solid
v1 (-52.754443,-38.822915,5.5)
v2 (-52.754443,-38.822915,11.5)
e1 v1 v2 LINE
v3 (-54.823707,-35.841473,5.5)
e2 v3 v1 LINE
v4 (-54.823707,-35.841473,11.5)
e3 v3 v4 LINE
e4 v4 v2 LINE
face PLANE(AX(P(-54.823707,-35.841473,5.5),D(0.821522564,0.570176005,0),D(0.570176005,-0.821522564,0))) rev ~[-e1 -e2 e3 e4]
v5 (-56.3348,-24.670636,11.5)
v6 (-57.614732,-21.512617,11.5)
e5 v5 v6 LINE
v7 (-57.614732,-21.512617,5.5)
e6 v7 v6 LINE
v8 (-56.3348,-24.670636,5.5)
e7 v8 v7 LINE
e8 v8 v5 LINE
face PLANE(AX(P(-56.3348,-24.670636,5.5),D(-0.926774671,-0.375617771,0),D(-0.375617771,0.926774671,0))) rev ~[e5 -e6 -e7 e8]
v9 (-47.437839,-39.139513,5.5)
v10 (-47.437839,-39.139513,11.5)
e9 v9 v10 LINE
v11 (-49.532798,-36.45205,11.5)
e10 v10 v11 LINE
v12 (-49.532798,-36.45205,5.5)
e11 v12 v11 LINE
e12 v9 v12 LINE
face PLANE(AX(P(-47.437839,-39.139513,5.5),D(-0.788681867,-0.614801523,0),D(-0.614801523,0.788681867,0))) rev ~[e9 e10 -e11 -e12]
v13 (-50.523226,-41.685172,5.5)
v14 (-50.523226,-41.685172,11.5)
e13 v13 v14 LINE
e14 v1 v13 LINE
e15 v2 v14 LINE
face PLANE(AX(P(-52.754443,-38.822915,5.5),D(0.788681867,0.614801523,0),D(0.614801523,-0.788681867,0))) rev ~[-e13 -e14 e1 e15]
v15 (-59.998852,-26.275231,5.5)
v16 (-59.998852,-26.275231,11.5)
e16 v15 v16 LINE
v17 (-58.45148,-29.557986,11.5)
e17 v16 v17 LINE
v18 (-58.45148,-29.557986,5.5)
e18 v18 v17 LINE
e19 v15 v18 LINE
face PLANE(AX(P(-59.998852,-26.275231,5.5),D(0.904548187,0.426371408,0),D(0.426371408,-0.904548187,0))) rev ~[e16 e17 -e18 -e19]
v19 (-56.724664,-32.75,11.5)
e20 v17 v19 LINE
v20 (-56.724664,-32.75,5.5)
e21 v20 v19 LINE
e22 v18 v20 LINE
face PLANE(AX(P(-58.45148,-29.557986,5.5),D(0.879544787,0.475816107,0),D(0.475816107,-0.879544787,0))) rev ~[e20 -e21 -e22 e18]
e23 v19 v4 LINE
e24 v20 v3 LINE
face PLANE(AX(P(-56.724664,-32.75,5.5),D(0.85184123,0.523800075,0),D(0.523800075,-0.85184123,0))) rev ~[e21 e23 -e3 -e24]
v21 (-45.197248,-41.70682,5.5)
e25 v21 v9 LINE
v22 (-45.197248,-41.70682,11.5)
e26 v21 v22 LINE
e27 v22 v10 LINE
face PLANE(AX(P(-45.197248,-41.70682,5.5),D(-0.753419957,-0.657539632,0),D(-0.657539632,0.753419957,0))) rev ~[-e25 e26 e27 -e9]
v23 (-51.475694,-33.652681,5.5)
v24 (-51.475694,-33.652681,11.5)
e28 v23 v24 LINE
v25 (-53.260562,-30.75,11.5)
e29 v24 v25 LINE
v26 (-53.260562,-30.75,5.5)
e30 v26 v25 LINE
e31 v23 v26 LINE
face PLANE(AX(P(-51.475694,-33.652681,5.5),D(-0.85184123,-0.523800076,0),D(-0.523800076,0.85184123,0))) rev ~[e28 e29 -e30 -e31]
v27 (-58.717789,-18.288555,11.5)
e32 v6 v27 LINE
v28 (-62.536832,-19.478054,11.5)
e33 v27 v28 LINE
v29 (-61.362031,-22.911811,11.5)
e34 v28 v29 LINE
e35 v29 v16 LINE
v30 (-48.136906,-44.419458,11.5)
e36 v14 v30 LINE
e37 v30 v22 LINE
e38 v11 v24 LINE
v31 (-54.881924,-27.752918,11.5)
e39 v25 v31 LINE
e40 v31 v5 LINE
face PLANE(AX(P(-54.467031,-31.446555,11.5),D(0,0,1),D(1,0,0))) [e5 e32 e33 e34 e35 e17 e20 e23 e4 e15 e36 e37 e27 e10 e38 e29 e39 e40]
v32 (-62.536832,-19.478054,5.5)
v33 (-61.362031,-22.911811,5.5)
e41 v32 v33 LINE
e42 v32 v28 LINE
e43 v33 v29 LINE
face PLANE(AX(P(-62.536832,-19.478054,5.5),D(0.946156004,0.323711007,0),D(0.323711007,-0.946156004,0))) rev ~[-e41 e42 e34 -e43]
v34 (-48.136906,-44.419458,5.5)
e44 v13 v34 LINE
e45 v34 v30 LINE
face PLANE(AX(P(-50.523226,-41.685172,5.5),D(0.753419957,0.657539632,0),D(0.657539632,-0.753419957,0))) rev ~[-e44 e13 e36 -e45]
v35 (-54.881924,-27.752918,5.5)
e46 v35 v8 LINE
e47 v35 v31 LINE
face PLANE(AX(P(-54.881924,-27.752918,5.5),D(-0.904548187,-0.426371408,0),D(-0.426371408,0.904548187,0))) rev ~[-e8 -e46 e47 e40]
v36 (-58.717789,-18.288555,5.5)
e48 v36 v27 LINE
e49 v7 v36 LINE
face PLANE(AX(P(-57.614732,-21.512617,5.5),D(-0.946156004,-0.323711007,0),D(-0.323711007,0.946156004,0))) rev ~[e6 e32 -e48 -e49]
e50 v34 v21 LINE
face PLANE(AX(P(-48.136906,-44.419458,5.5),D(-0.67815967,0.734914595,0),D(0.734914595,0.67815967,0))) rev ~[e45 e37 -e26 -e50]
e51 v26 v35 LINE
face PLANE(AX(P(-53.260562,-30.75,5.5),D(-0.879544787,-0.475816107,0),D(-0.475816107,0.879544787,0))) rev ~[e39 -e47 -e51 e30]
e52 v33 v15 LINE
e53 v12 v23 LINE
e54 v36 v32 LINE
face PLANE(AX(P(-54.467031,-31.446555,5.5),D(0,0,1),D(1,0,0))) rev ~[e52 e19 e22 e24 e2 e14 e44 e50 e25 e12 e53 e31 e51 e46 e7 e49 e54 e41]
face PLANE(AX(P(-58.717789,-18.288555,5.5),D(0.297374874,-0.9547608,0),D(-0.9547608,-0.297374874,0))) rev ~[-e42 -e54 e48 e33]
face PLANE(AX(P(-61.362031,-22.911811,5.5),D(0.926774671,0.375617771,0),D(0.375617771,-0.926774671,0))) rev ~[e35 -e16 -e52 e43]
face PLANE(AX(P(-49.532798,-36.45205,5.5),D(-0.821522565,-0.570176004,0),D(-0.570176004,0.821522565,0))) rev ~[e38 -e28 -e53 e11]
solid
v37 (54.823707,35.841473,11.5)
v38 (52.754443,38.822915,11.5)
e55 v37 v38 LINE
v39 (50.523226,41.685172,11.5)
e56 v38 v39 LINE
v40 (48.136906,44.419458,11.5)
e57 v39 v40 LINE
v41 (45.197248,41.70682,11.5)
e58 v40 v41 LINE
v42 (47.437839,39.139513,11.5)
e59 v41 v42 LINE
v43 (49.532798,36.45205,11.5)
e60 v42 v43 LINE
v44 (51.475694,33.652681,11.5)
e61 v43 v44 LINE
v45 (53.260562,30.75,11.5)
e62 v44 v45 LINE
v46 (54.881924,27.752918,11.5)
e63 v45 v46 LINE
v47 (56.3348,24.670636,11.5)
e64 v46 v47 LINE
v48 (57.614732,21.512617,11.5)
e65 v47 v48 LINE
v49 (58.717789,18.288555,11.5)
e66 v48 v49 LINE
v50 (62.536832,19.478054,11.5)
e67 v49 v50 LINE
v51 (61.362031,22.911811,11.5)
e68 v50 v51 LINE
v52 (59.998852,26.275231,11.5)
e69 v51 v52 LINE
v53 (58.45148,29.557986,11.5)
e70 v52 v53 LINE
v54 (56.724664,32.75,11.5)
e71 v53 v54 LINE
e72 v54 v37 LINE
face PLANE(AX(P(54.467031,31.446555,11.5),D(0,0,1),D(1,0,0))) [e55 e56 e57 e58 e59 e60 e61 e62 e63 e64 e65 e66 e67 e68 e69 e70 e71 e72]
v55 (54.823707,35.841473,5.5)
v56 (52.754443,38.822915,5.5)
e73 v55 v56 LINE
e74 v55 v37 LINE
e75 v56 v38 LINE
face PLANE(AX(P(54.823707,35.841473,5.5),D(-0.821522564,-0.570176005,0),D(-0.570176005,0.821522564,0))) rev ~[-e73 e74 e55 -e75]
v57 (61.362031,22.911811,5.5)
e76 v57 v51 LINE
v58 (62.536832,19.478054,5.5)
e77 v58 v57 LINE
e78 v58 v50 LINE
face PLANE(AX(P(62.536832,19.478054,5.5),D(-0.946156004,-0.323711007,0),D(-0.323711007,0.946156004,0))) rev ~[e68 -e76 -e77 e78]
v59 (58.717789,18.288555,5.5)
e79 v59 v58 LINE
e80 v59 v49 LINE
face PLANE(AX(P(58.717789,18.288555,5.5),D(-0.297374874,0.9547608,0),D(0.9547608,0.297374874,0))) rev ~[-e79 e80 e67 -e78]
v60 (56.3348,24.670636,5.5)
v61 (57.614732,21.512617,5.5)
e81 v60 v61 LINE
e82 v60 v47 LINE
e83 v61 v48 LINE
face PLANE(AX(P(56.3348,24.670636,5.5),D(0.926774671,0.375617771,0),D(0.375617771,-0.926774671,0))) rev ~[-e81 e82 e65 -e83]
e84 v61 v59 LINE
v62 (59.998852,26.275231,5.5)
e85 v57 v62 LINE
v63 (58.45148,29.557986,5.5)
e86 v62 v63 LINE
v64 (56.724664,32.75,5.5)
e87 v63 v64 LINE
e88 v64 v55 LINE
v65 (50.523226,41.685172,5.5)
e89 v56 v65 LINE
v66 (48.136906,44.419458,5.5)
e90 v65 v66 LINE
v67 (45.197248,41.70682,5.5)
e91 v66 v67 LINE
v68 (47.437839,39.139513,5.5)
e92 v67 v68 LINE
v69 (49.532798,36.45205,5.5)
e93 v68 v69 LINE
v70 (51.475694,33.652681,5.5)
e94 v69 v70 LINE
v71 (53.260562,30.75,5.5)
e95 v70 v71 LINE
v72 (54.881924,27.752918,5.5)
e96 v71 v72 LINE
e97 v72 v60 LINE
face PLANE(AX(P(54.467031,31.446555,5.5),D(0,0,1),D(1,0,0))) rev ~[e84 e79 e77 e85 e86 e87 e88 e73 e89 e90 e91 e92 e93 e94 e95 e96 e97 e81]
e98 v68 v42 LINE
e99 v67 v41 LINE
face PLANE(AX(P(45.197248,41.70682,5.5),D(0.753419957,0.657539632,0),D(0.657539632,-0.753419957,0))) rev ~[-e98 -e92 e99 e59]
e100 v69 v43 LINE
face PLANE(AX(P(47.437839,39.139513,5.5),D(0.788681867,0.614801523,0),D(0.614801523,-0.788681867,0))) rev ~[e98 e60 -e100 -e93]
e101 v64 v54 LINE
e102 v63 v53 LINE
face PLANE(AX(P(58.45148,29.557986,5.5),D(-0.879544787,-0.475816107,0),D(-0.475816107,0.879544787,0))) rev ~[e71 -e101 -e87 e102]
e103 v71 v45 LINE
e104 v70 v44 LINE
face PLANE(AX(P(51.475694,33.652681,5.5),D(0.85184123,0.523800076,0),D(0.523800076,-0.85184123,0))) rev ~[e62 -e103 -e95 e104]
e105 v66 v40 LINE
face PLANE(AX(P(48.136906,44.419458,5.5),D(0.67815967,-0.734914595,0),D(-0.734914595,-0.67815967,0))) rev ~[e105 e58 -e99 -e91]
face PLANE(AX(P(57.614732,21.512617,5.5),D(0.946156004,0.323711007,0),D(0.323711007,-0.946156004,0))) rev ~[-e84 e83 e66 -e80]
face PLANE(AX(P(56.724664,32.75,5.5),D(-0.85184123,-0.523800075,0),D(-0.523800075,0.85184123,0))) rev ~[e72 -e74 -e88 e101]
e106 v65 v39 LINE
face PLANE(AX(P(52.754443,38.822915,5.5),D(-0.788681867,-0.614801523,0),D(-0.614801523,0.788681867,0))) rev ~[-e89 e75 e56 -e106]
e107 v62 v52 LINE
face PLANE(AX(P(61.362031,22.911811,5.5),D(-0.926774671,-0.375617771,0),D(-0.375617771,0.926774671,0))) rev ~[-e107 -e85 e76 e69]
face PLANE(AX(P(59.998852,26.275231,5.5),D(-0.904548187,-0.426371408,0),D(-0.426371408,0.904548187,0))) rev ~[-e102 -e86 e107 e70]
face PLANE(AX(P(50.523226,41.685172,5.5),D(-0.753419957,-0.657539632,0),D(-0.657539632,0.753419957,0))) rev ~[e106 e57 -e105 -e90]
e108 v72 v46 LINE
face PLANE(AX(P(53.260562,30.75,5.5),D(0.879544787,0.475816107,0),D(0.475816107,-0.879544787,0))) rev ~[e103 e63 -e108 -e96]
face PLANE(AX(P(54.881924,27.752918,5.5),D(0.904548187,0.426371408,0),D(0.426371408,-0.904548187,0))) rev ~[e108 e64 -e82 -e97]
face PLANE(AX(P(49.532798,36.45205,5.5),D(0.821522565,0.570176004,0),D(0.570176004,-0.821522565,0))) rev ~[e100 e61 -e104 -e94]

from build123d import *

# Parameters (mm, degrees)
EXTRUDE_START     = 5.5
EXTRUDE_1_DEPTH   = 6
EXTRUDE_1_2_DEPTH = 6


with BuildPart() as part:
    # 草圖1 → 填料-伸長1 (new body)
    with BuildSketch(Plane.XY.offset(EXTRUDE_START)):
        Polygon((62.536832367, 19.478054252), (61.3620314, 22.911811417), (59.998852171, 26.275230507), (58.451479569, 29.557985997), (56.724663948, 32.75), (54.823706543, 35.841473197), (52.754443194, 38.822914925), (50.523226434, 41.685172312), (48.136905982, 44.419458376), (45.197247602, 41.706819697), (47.43783856, 39.139512934), (49.532797809, 36.452049891), (51.475693929, 33.65268094), (53.260562333, 30.75), (54.881923565, 27.75291815), (56.33480013, 24.670636277), (57.614731773, 21.512616827), (58.717789169, 18.288554756), align=None)
    extrude(amount=EXTRUDE_1_DEPTH)


with BuildPart() as body_2:
    # 草圖1 → Extrude 1 2 (new body)
    with BuildSketch(Plane.XY.offset(EXTRUDE_START)):
        Polygon((-62.536832367, -19.478054252), (-61.3620314, -22.911811417), (-59.998852171, -26.275230507), (-58.451479569, -29.557985997), (-56.724663948, -32.75), (-54.823706543, -35.841473197), (-52.754443194, -38.822914925), (-50.523226434, -41.685172312), (-48.136905982, -44.419458376), (-45.197247602, -41.706819697), (-47.43783856, -39.139512934), (-49.532797809, -36.452049891), (-51.475693929, -33.65268094), (-53.260562333, -30.75), (-54.881923565, -27.75291815), (-56.33480013, -24.670636277), (-57.614731773, -21.512616827), (-58.717789169, -18.288554756), align=None)
    extrude(amount=EXTRUDE_1_2_DEPTH)


solid = Compound([part.part, body_2.part])
